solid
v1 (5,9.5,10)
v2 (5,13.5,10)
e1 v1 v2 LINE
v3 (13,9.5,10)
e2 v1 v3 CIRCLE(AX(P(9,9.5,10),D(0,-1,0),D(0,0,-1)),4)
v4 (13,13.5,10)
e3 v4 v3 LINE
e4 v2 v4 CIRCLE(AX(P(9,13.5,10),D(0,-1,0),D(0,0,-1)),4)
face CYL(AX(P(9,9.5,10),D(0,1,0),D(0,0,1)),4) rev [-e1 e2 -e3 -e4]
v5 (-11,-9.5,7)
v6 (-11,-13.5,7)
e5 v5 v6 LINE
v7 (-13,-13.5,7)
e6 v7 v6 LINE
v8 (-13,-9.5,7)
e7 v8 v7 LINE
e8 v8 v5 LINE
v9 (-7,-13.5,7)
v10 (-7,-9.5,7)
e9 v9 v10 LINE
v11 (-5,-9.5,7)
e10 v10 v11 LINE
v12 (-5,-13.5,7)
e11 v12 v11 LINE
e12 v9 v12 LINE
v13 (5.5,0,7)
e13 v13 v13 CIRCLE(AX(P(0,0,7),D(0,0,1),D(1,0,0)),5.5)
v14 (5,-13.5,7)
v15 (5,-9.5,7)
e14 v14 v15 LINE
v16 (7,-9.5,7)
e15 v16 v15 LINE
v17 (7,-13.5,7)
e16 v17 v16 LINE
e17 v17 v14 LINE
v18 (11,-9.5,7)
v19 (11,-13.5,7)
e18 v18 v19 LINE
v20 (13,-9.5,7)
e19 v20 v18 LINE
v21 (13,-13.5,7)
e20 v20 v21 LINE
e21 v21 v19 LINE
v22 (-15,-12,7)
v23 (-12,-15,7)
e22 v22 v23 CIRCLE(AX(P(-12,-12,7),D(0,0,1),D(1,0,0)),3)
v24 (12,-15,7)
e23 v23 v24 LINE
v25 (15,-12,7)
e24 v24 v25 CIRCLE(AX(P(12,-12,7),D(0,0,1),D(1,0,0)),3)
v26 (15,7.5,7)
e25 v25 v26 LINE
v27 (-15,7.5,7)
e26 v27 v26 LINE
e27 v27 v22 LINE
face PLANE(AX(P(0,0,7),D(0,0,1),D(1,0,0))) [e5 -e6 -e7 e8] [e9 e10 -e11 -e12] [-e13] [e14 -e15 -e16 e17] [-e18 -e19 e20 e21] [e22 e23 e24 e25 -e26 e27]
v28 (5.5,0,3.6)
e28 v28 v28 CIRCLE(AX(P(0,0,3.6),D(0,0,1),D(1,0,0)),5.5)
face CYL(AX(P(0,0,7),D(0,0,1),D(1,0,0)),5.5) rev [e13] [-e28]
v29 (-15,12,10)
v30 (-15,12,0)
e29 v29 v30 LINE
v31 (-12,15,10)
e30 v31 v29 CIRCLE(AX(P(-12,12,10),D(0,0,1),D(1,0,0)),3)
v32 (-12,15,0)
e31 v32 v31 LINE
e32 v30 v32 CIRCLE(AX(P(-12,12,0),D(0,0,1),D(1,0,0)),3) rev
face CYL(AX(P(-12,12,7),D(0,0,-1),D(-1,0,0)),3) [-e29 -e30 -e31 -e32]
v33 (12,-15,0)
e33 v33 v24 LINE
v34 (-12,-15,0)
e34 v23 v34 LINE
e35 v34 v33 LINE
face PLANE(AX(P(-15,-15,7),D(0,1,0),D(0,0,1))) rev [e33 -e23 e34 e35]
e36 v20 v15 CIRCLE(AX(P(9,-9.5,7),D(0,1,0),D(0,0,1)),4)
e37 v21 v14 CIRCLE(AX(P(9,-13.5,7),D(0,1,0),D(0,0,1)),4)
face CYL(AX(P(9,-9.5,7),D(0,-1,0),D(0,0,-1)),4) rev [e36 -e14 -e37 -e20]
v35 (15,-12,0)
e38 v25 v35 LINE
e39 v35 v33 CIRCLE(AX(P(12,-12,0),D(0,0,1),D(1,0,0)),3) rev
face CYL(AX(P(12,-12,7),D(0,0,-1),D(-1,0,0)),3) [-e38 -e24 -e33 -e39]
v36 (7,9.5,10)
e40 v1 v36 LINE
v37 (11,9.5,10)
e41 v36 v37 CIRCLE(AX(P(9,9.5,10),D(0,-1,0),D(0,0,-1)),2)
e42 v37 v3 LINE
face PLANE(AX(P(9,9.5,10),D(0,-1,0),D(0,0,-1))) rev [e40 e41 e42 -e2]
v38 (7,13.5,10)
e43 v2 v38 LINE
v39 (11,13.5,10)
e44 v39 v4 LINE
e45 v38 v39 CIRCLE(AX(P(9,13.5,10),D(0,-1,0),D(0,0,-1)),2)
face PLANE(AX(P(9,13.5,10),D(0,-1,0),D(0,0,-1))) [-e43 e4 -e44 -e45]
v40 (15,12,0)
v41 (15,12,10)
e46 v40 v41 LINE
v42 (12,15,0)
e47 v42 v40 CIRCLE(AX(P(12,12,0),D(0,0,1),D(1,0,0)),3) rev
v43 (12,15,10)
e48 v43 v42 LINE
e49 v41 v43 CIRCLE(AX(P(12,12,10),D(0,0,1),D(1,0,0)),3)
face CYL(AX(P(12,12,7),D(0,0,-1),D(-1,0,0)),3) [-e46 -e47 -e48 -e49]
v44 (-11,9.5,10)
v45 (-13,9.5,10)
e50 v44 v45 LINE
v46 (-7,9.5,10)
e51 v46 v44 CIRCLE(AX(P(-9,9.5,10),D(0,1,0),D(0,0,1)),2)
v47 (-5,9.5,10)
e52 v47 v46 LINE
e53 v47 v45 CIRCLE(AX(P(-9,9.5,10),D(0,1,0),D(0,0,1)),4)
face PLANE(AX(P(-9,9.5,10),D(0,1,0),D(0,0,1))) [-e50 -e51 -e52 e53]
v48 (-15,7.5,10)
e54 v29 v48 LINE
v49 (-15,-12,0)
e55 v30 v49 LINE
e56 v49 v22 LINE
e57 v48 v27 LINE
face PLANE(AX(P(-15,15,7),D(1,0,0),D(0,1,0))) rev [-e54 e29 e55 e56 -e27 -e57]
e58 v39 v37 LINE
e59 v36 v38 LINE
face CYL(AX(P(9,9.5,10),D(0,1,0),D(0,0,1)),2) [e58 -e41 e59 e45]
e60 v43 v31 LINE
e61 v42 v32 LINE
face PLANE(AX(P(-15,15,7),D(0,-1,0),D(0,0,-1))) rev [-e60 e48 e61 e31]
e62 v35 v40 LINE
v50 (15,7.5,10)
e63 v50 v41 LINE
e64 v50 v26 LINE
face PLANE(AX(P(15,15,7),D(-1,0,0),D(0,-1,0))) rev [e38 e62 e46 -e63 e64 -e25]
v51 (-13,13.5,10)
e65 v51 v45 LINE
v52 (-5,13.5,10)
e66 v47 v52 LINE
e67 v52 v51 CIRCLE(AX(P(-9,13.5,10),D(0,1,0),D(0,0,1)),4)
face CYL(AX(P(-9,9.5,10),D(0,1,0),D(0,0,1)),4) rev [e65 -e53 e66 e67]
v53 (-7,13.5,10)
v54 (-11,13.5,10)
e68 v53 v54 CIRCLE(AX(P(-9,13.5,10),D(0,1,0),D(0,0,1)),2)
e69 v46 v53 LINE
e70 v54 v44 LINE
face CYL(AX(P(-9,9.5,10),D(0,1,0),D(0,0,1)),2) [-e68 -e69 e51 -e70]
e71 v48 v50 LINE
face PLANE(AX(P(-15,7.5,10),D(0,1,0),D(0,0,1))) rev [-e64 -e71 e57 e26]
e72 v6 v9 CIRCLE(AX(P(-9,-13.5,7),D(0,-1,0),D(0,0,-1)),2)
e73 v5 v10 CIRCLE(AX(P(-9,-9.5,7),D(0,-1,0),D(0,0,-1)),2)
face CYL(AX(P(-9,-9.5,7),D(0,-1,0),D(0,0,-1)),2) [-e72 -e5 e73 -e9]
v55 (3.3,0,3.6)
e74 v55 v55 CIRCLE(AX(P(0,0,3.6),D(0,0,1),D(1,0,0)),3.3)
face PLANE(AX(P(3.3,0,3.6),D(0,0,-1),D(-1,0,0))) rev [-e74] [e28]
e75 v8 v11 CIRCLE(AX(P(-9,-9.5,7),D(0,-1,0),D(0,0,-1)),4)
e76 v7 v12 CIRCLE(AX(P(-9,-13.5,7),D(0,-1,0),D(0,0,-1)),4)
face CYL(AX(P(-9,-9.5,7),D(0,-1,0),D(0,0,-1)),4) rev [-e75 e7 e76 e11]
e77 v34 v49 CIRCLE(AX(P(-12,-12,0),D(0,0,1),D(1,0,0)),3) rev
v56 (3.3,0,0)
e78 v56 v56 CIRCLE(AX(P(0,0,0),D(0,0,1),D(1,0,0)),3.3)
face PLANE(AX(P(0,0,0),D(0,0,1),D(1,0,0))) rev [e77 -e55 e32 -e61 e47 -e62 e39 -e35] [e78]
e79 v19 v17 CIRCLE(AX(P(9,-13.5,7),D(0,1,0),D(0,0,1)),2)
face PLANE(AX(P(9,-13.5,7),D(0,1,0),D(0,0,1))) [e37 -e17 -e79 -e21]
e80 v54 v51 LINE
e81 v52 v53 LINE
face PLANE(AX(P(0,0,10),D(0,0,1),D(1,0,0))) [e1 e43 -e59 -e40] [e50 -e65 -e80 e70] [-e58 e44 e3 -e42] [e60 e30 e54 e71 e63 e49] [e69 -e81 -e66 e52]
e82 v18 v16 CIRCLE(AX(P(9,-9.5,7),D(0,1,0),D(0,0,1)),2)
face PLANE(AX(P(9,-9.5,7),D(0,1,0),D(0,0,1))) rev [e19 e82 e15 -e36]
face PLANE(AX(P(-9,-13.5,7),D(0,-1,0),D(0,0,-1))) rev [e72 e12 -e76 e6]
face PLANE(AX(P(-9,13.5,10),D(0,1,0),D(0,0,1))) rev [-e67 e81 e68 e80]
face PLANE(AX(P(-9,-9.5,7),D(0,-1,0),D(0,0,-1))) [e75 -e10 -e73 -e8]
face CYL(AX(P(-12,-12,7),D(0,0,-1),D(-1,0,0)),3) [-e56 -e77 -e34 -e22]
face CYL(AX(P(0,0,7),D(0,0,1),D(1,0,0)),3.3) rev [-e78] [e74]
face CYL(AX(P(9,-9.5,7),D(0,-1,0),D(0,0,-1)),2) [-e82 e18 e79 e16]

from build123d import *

# Parameters (mm, degrees)
BASE_SKETCH_W           = 30
BASE_SKETCH_H           = 30
BASE_DEPTH              = 7
HIGHER_ADAPTER_SKETCH_W = 30
HIGHER_ADAPTER_SKETCH_H = 7.5
HIGHER_ADAPTER_DEPTH    = 3
MOUNT_SCREW_D           = 6.6
MOUNT_SCREW_CBORE_D     = 11
MOUNT_SCREW_CBORE_DEPTH = 3.4
BOTTOM_TIES_SKETCH_R    = 4
BOTTOM_TIES_SKETCH_R_2  = 2
BOTTOM_TIES_DEPTH       = 4
TOP_TIES_SKETCH_R       = 4
TOP_TIES_SKETCH_R_2     = 2
TOP_TIES_DEPTH          = 4
ROUNDING_R              = 3


with BuildPart() as part:
    # Base sketch → Base (new body)
    with BuildSketch(Plane.XY):
        Rectangle(BASE_SKETCH_W, BASE_SKETCH_H)
    extrude(amount=BASE_DEPTH)

    # Higher adapter sketch → Higher adapter (add)
    with BuildSketch(Plane.XY.offset(7)):
        with Locations((0, 11.25)):
            Rectangle(HIGHER_ADAPTER_SKETCH_W, HIGHER_ADAPTER_SKETCH_H)
    extrude(amount=HIGHER_ADAPTER_DEPTH)

    # Mount screw (through all)
    with Locations(Plane.XY.offset(7)):
        with Locations((0, 0)):
            CounterBoreHole(MOUNT_SCREW_D / 2, MOUNT_SCREW_CBORE_D / 2, MOUNT_SCREW_CBORE_DEPTH)

    # Bottom ties sketch → Bottom ties (cut)
    # profile 1 of 2: a face of its own
    with BuildSketch(Plane.XZ.offset(13.5)):
        with Locations((-9, 7)):
            Circle(BOTTOM_TIES_SKETCH_R)
        with Locations((-9, 7)):
            Circle(BOTTOM_TIES_SKETCH_R_2, mode=Mode.SUBTRACT)
    # profile 2 of 2: a face of its own
    with BuildSketch(Plane.XZ.offset(13.5)):
        with Locations((9, 7)):
            Circle(BOTTOM_TIES_SKETCH_R)
        with Locations((9, 7)):
            Circle(BOTTOM_TIES_SKETCH_R_2, mode=Mode.SUBTRACT)
    extrude(amount=-BOTTOM_TIES_DEPTH, mode=Mode.SUBTRACT)

    # Top ties sketch → Top ties (cut)
    # profile 1 of 2: a face of its own
    with BuildSketch(Plane(origin=(0, 13.5, 0), x_dir=(1, 0, 0), z_dir=(0, 1, 0))):
        with Locations((-9, -10)):
            Circle(TOP_TIES_SKETCH_R)
        with Locations((-9, -10)):
            Circle(TOP_TIES_SKETCH_R_2, mode=Mode.SUBTRACT)
    # profile 2 of 2: a face of its own
    with BuildSketch(Plane(origin=(0, 13.5, 0), x_dir=(1, 0, 0), z_dir=(0, 1, 0))):
        with Locations((9, -10)):
            Circle(TOP_TIES_SKETCH_R)
        with Locations((9, -10)):
            Circle(TOP_TIES_SKETCH_R_2, mode=Mode.SUBTRACT)
    extrude(amount=-TOP_TIES_DEPTH, mode=Mode.SUBTRACT)

    # Rounding
    rounding_edges = [part.edges().sort_by_distance(p)[0] for p in [
        (15, -15, 3.5),
        (-15, -15, 3.5),
        (-15, 15, 5),
        (15, 15, 5),
    ]]
    fillet(rounding_edges, radius=ROUNDING_R)


solid = part.part
